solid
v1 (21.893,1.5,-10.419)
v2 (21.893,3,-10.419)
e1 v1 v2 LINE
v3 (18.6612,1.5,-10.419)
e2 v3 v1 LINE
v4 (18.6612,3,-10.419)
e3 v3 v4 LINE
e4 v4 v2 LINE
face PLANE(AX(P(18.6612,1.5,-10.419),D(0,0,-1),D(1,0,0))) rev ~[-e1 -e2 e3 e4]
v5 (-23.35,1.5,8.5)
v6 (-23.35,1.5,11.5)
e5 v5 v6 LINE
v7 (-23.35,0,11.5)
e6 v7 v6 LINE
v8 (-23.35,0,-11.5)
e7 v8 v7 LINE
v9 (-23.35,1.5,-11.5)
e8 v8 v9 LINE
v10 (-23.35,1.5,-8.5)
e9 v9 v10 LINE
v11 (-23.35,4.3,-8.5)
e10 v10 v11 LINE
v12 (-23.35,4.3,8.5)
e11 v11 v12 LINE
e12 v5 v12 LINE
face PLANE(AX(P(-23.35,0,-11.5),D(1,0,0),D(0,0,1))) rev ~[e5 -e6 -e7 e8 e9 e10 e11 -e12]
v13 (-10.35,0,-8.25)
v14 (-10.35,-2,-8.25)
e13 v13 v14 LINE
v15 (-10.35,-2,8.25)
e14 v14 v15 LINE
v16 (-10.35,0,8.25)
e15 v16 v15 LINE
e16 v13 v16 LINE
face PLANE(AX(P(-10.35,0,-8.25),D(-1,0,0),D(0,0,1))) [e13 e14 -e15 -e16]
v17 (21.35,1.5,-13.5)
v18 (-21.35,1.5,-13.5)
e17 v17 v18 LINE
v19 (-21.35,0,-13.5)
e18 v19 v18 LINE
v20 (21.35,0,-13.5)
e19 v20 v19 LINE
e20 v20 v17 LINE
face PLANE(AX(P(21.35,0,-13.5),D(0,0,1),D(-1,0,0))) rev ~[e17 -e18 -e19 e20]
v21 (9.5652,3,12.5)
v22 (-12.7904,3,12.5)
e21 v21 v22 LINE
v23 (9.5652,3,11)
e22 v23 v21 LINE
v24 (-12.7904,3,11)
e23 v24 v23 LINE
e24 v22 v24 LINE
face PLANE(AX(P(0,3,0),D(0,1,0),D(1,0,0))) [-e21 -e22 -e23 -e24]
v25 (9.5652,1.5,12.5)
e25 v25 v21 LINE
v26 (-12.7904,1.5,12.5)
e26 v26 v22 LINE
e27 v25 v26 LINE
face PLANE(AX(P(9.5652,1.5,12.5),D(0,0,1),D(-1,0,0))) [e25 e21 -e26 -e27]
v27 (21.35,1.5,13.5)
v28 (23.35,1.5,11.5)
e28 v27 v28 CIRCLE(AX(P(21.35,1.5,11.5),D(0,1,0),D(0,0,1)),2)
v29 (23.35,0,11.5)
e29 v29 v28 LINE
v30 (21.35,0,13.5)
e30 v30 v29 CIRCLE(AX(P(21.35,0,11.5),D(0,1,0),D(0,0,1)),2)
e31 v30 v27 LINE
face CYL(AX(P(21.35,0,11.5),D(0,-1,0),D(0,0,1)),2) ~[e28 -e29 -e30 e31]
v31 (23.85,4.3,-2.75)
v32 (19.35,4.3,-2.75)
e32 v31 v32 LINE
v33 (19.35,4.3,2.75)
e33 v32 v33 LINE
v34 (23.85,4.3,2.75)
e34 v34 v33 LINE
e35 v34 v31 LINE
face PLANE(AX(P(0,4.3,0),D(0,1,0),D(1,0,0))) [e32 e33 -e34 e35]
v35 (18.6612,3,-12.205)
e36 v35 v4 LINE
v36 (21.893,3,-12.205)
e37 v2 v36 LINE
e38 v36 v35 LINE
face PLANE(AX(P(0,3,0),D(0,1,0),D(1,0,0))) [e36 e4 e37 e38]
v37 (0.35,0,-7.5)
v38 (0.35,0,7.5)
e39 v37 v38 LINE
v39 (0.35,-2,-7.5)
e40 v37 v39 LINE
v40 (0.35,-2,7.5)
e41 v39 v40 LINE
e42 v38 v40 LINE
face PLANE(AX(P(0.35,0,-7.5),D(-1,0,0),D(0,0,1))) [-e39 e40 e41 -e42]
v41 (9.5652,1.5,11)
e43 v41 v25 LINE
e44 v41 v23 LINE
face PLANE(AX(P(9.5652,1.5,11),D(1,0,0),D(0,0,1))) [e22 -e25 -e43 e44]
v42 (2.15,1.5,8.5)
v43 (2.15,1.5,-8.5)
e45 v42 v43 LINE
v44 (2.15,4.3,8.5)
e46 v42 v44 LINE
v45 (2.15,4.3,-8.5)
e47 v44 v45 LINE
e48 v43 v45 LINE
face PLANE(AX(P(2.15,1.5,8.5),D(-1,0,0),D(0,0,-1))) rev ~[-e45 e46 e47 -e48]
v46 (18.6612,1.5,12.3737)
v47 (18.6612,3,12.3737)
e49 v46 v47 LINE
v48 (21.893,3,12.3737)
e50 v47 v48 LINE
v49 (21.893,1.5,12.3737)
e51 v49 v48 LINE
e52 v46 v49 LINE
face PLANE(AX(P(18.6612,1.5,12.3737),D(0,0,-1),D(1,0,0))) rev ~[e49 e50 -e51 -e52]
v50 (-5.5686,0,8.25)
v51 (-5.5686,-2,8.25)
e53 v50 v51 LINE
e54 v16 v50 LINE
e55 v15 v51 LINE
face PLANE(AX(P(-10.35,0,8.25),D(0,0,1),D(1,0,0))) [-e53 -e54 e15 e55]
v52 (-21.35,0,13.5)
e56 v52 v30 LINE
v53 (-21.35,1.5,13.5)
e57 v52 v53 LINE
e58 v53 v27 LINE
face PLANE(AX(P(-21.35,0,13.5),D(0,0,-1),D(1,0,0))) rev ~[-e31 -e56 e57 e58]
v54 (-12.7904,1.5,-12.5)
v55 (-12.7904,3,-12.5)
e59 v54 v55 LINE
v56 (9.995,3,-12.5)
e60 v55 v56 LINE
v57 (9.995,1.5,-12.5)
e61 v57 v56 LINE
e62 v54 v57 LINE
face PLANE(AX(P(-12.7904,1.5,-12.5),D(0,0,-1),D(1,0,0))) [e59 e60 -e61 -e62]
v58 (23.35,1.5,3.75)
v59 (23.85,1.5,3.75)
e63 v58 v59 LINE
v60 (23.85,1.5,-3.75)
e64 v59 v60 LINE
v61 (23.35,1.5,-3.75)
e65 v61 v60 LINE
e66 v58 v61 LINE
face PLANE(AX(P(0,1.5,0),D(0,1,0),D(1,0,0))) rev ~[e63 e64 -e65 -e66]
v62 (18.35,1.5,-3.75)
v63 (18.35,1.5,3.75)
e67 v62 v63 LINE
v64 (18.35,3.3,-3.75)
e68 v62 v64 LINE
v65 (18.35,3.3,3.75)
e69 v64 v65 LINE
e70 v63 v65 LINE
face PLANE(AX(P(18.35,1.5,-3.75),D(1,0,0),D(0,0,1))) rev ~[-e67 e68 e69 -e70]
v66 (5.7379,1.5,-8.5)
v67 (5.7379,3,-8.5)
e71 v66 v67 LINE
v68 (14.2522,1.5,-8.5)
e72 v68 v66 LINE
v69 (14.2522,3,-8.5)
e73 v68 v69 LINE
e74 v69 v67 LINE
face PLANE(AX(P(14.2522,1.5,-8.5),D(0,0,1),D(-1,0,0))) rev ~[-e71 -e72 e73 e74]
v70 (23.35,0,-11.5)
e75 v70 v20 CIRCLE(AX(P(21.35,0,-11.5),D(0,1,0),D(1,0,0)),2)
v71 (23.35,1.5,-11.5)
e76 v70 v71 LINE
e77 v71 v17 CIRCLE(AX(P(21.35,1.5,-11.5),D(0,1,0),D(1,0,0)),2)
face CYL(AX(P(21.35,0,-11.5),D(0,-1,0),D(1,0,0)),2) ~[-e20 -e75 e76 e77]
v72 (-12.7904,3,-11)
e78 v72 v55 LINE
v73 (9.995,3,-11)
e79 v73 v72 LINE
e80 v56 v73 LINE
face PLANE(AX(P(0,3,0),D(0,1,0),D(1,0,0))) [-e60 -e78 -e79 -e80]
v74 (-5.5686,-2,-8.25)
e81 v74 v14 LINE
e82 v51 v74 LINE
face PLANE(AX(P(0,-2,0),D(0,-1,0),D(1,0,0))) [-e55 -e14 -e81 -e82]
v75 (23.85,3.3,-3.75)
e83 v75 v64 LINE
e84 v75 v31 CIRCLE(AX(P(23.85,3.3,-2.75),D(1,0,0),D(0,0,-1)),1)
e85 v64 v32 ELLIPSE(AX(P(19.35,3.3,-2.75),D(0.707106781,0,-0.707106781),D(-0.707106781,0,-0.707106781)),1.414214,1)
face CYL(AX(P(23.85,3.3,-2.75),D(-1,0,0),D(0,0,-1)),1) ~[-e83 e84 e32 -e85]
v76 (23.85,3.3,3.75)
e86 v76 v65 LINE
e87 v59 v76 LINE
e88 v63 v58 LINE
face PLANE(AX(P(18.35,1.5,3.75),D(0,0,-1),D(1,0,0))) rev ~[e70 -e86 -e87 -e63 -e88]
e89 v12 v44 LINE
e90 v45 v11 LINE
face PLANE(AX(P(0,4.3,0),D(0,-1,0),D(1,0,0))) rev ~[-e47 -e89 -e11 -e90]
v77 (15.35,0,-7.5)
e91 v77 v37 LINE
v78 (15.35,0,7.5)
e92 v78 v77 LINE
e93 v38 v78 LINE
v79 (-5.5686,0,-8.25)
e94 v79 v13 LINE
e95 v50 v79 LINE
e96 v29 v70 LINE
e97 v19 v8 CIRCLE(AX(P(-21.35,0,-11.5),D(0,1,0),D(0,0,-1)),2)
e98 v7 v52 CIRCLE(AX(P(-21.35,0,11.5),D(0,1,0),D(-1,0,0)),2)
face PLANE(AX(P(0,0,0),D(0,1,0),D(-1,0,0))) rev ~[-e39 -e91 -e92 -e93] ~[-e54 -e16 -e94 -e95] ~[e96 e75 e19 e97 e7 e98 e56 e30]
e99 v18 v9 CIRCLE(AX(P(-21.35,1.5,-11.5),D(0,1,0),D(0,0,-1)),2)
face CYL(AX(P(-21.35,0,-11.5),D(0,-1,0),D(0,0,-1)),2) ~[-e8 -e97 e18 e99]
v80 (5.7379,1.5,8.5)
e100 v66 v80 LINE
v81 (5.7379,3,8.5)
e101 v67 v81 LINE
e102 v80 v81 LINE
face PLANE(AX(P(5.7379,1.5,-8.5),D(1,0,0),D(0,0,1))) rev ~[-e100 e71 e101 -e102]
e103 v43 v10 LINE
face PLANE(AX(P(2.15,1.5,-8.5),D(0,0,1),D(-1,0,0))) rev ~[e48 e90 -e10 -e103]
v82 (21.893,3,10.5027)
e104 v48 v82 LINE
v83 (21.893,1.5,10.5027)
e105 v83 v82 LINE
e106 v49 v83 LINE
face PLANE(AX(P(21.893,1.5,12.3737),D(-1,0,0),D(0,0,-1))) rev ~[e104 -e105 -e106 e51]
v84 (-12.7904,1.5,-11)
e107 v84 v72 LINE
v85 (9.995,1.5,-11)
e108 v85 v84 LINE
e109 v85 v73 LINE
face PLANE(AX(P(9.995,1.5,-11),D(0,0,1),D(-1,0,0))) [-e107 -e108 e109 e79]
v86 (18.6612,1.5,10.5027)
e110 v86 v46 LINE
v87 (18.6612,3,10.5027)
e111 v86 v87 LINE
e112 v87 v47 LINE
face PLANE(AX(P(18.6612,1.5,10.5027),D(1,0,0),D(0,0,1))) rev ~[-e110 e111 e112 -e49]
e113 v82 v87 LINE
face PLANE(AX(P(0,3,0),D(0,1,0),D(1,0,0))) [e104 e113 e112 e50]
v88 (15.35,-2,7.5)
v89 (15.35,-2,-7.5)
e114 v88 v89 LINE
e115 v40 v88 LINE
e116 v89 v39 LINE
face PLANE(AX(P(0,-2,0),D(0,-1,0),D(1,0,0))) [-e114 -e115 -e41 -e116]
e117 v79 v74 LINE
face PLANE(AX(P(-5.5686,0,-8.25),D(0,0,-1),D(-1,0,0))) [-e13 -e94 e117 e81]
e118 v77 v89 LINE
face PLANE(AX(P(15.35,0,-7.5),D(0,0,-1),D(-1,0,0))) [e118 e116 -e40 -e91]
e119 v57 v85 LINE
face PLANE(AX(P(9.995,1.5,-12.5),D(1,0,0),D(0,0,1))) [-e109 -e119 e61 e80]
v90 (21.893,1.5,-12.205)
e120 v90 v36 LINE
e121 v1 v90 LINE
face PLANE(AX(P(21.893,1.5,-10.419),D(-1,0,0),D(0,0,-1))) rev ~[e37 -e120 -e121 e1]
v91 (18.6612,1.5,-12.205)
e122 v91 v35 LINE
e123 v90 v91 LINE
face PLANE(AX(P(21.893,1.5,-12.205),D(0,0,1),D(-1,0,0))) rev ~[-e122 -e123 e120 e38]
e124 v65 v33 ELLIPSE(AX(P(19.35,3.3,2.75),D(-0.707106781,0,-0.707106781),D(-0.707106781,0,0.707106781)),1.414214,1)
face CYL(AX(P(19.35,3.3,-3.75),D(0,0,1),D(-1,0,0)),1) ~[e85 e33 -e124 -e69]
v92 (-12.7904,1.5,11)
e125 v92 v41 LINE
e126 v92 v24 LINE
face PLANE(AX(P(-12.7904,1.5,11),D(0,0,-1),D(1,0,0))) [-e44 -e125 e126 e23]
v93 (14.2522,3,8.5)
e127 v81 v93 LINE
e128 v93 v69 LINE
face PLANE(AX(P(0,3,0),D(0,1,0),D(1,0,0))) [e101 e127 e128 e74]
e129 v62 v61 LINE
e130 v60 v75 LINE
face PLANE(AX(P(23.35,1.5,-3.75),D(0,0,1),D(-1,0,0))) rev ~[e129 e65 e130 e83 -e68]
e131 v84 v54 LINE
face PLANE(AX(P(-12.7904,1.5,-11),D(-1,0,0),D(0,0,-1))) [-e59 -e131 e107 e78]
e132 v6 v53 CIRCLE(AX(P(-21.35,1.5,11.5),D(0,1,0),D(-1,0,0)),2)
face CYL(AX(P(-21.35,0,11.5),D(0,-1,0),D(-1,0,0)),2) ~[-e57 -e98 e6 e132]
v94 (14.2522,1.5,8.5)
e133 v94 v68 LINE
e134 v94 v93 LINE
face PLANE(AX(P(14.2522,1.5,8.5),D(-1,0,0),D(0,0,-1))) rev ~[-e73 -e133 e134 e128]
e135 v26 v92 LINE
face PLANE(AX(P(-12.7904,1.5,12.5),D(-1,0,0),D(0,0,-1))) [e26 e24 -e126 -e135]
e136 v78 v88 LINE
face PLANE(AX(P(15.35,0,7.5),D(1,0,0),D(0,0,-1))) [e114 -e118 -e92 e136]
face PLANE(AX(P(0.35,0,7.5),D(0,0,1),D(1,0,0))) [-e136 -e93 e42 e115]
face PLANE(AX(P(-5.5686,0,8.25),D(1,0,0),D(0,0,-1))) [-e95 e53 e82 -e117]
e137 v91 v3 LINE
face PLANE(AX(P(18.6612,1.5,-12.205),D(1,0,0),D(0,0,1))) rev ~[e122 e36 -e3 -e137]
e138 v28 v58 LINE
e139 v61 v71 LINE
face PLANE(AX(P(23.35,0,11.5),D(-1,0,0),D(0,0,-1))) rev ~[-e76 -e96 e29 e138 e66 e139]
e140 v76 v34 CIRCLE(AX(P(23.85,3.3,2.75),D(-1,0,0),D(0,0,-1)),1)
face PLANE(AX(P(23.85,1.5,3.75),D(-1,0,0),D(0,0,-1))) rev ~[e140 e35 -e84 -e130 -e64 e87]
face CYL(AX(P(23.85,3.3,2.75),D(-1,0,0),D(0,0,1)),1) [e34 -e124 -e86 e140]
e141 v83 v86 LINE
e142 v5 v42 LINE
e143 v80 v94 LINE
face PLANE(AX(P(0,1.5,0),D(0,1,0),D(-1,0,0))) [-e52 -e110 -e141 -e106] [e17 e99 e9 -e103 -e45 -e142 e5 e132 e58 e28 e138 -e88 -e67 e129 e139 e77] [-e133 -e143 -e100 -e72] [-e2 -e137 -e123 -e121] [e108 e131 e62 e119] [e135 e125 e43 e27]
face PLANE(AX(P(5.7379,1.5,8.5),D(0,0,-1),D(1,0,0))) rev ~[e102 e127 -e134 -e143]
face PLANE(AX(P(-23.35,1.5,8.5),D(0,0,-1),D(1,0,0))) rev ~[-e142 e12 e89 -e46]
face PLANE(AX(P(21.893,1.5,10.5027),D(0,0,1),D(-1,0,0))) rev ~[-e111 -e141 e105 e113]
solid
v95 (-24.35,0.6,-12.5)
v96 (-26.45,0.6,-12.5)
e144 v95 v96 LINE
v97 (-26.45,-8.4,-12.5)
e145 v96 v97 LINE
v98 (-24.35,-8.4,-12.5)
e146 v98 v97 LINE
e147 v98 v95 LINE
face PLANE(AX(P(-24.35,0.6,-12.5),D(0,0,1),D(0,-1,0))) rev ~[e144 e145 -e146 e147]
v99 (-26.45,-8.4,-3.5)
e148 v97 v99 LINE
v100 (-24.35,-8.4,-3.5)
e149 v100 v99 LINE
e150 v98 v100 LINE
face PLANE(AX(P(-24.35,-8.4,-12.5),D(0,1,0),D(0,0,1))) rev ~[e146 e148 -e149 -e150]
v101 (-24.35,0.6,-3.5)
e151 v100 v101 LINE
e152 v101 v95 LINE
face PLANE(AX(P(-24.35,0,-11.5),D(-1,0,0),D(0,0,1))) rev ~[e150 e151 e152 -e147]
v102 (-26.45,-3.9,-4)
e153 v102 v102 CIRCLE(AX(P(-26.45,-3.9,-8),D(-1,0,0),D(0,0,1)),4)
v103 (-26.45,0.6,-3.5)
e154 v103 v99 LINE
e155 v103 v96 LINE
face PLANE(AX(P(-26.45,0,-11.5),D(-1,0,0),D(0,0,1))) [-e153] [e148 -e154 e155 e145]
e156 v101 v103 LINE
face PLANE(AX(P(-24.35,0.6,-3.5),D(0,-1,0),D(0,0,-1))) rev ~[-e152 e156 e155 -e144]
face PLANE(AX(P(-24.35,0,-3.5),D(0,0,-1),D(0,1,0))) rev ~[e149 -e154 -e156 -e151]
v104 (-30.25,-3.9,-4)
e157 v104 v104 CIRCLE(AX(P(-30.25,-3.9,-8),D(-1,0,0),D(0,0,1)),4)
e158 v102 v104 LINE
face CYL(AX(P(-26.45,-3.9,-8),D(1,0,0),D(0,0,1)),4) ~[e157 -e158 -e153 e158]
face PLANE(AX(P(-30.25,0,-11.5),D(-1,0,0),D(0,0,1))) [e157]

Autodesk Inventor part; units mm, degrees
ref_plane "YZ Plane" through (0, 0, 0) normal (1, 0, 0) x (0, 1, 0)
ref_plane "XZ Plane" through (0, 0, 0) normal (0, 1, 0) x (-1, 0, 0)
ref_plane "XY Plane" through (0, 0, 0) normal (0, 0, 1) x (1, 0, 0)
sketch "Skizze1" plane through (0, 0, 0) normal (0, 1, 0) x (-1, 0, 0)
  line L0 (-21.35, -13.5) -> (21.35, -13.5)
  line L1 (23.35, -11.5) -> (23.35, 11.5)
  line L2 (21.35, 13.5) -> (-21.35, 13.5)
  line L3 (-23.35, 11.5) -> (-23.35, -11.5)
  line L4 (-23.35, -13.5) -> (23.35, 13.5) construction
  line L5 (23.35, -13.5) -> (-23.35, 13.5) construction
  arc A0 (23.35, 11.5) -> (21.35, 13.5) centre (21.35, 11.5) ccw
  arc A1 (21.35, -13.5) -> (23.35, -11.5) centre (21.35, -11.5) ccw
  arc A2 (-23.35, -11.5) -> (-21.35, -13.5) centre (-21.35, -11.5) ccw
  arc A3 (-21.35, 13.5) -> (-23.35, 11.5) centre (-21.35, 11.5) ccw
  point P0 (0, 0)
  dimension "d0" = 46.7
  dimension "d1" = 27
  dimension "d2" = 2
extrude "Extrusion1" add sketch "Skizze1" along normal blind 1.5
sketch "Skizze2" plane through (0, 1.5, 0) normal (0, 1, 0) x (1, 0, 0)
  line L0 (-21.35, -13.5) -> (21.35, -13.5) projected
  arc A0 (21.35, -13.5) -> (23.35, -11.5) centre (21.35, -11.5) ccw projected
  line L1 (23.35, -11.5) -> (23.35, 11.5) projected
  arc A1 (23.35, 11.5) -> (21.35, 13.5) centre (21.35, 11.5) ccw projected
  line L2 (21.35, 13.5) -> (-21.35, 13.5) projected
  arc A2 (-21.35, 13.5) -> (-23.35, 11.5) centre (-21.35, 11.5) ccw projected
  line L3 (-23.35, 11.5) -> (-23.35, -11.5) projected
  arc A3 (-23.35, -11.5) -> (-21.35, -13.5) centre (-21.35, -11.5) ccw projected
  line L4 (18.35, -3.75) -> (23.85, -3.75)
  line L5 (23.85, -3.75) -> (23.85, 3.75)
  line L6 (23.85, 3.75) -> (18.35, 3.75)
  line L7 (18.35, 3.75) -> (18.35, -3.75)
  line L8 (18.35, -3.75) -> (23.85, 3.75) construction
  line L9 (23.85, -3.75) -> (18.35, 3.75) construction
  point P0 (0, 0)
  point P1 (21.1, 0)
  dimension "d5" = 5.5
  dimension "d6" = 7.5
  dimension "d7" = 0.5
extrude "Extrusion2" add sketch "Skizze2" along normal blind 2.8 contours L4 L7 L6 L1 | L1 L6 L5 L4
fillet "Rundung1" radius 1 3 edges at (21.1, 4.3, 3.75) (21.1, 4.3, -3.75) (18.35, 4.3, 0)
sketch "Skizze3" plane through (0, 1.5, 0) normal (0, -1, 0) x (1, 0, 0)
  line L0 (-21.35, 13.5) -> (21.35, 13.5) projected
  arc A0 (-21.35, 13.5) -> (-23.35, 11.5) centre (-21.35, 11.5) ccw projected
  line L1 (-23.35, -11.5) -> (-23.35, 11.5) projected
  arc A1 (-23.35, -11.5) -> (-21.35, -13.5) centre (-21.35, -11.5) ccw projected
  line L2 (21.35, -13.5) -> (-21.35, -13.5) projected
  arc A2 (21.35, -13.5) -> (23.35, -11.5) centre (21.35, -11.5) ccw projected
  line L3 (23.35, 11.5) -> (23.35, -11.5) projected
  arc A3 (23.35, 11.5) -> (21.35, 13.5) centre (21.35, 11.5) ccw projected
  line L4 (2.15, -8.5) -> (-23.35, -8.5)
  line L5 (-23.35, -8.5) -> (-23.35, 8.5)
  line L6 (-23.35, 8.5) -> (2.15, 8.5)
  line L7 (2.15, 8.5) -> (2.15, -8.5)
  line L8 (2.15, -8.5) -> (-23.35, 8.5) construction
  line L9 (-23.35, -8.5) -> (2.15, 8.5) construction
  point P0 (0, 0)
  point P1 (-10.6, 0)
  point P2 (-23.35, 0)
  dimension "d11" = 25.5
  dimension "d12" = 17
extrude "Extrusion3" add sketch "Skizze3" against normal blind 2.8 contours L6 L7 L4 L1
sketch "Skizze5" plane through (0, 0, 0) normal (0, -1, 0) x (1, 0, 0)
  line L0 (-21.35, 13.5) -> (21.35, 13.5) projected
  arc A0 (-21.35, 13.5) -> (-23.35, 11.5) centre (-21.35, 11.5) ccw projected
  line L1 (-23.35, -11.5) -> (-23.35, 11.5) projected
  arc A1 (-23.35, -11.5) -> (-21.35, -13.5) centre (-21.35, -11.5) ccw projected
  line L2 (21.35, -13.5) -> (-21.35, -13.5) projected
  arc A2 (21.35, -13.5) -> (23.35, -11.5) centre (21.35, -11.5) ccw projected
  line L3 (23.35, 11.5) -> (23.35, -11.5) projected
  arc A3 (23.35, 11.5) -> (21.35, 13.5) centre (21.35, 11.5) ccw projected
  line L4 (-5.5686, -8.25) -> (-10.35, -8.25)
  line L5 (-10.35, -8.25) -> (-10.35, 8.25)
  line L6 (-10.35, 8.25) -> (-5.5686, 8.25)
  line L7 (-5.5686, 8.25) -> (-5.5686, -8.25)
  line L8 (-5.5686, -8.25) -> (-10.35, 8.25) construction
  line L9 (-10.35, -8.25) -> (-5.5686, 8.25) construction
  line L10 (15.35, -7.5) -> (0.35, -7.5)
  line L11 (0.35, -7.5) -> (0.35, 7.5)
  line L12 (0.35, 7.5) -> (15.35, 7.5)
  line L13 (15.35, 7.5) -> (15.35, -7.5)
  line L14 (15.35, -7.5) -> (0.35, 7.5) construction
  line L15 (0.35, -7.5) -> (15.35, 7.5) construction
  point P0 (0, 0)
  point P1 (-7.9593, 0)
  point P2 (7.85, 0)
  dimension "d23" = 15
  dimension "d24" = 15
  dimension "d25" = 13
  dimension "d26" = 16.5
  dimension "d27" = 8
extrude "Extrusion5" add sketch "Skizze5" along normal blind 2 contours L4 L5 L6 L7 | L10 L11 L12 L13
ref_plane "Arbeitsebene1" through (-24.35, 0, -11.5) normal (-1, 0, 0) x (0, 0, 1)
sketch "Skizze8" plane through (-24.35, 0, -11.5) normal (-1, 0, 0) x (0, 0, 1)
  line L0 (8, 0.6) -> (-1, 0.6)
  line L1 (-1, 0.6) -> (-1, -8.4)
  line L2 (-1, -8.4) -> (8, -8.4)
  line L3 (8, -8.4) -> (8, 0.6)
  line L4 (8, 0.6) -> (-1, -8.4) construction
  line L5 (-1, 0.6) -> (8, -8.4) construction
  line L6 (0, 0) -> (23, 0) projected
  line L7 (3, 4.3) -> (20, 4.3) projected
  line L8 (19.75, -2) -> (3.25, -2) projected
  line L9 (0, 0) -> (-2, 0) projected
  line L10 (-2, 0) -> (-2, 1.5) projected
  point P0 (11.5, 0)
  point P1 (3.5, -3.9)
  dimension "d40" = 9
  dimension "d41" = 9
  dimension "d54" = 1
  dimension "d62" = 0.6
extrude "Extrusion8" add sketch "Skizze8" along normal blind 2.1
sketch "Skizze9" plane through (-26.45, 0, -11.5) normal (-1, 0, 0) x (0, 0, 1)
  line L0 (8, 0.6) -> (-1, 0.6) projected
  line L1 (-1, 0.6) -> (-1, -8.4) projected
  line L2 (-1, -8.4) -> (8, -8.4) projected
  line L3 (8, -8.4) -> (8, 0.6) projected
  circle A0 centre (3.5, -3.9) radius 4
  point P0 (11.5, 0)
  dimension "d45" = 8
  dimension "d49" = 4.5
  dimension "d50" = 4.5
extrude "Extrusion9" add sketch "Skizze9" along normal blind 3.8 contours A0
sketch "Skizze10" plane through (0, 1.5, 0) normal (0, 1, 0) x (1, 0, 0)
  line L0 (2.15, -8.5) -> (-23.35, -8.5) projected
  line L1 (-23.35, -8.5) -> (-23.35, -11.5) projected
  arc A0 (-23.35, -11.5) -> (-21.35, -13.5) centre (-21.35, -11.5) ccw projected
  line L2 (-21.35, -13.5) -> (21.35, -13.5) projected
  arc A1 (21.35, -13.5) -> (23.35, -11.5) centre (21.35, -11.5) ccw projected
  line L3 (23.35, -11.5) -> (23.35, -3.75) projected
  line L4 (23.35, -3.75) -> (18.35, -3.75) projected
  line L5 (18.35, -3.75) -> (18.35, 3.75) projected
  line L6 (18.35, 3.75) -> (23.35, 3.75) projected
  line L7 (23.35, 3.75) -> (23.35, 11.5) projected
  arc A2 (23.35, 11.5) -> (21.35, 13.5) centre (21.35, 11.5) ccw projected
  line L8 (21.35, 13.5) -> (-21.35, 13.5) projected
  arc A3 (-21.35, 13.5) -> (-23.35, 11.5) centre (-21.35, 11.5) ccw projected
  line L9 (-23.35, 11.5) -> (-23.35, 8.5) projected
  line L10 (-23.35, 8.5) -> (2.15, 8.5) projected
  line L11 (2.15, 8.5) -> (2.15, -8.5) projected
  line L12 (21.893, 12.205) -> (18.6612, 12.205)
  line L13 (18.6612, 12.205) -> (18.6612, 10.419)
  line L14 (18.6612, 10.419) -> (21.893, 10.419)
  line L15 (21.893, 10.419) -> (21.893, 12.205)
  line L16 (21.893, -10.5027) -> (18.6612, -10.5027)
  line L17 (18.6612, -10.5027) -> (18.6612, -12.3737)
  line L18 (18.6612, -12.3737) -> (21.893, -12.3737)
  line L19 (21.893, -12.3737) -> (21.893, -10.5027)
  line L20 (14.2522, 8.5) -> (5.7379, 8.5)
  line L21 (5.7379, 8.5) -> (5.7379, -8.5)
  line L22 (5.7379, -8.5) -> (14.2522, -8.5)
  line L23 (14.2522, -8.5) -> (14.2522, 8.5)
  line L24 (9.5652, -12.5) -> (-12.7904, -12.5)
  line L25 (-12.7904, -12.5) -> (-12.7904, -11)
  line L26 (-12.7904, -11) -> (9.5652, -11)
  line L27 (9.5652, -11) -> (9.5652, -12.5)
  line L28 (9.995, 11) -> (-12.7904, 11)
  line L29 (-12.7904, 11) -> (-12.7904, 12.5)
  line L30 (-12.7904, 12.5) -> (9.995, 12.5)
  line L31 (9.995, 12.5) -> (9.995, 11)
  point P0 (0, 0)
  dimension "d58" = 1
  dimension "d59" = 1
  dimension "d60" = 1.5
  dimension "d61" = 1.5
extrude "Extrusion10" add sketch "Skizze10" along normal blind 1.5 contours L15 L14 L13 L12 | L19 L18 L17 L16 | L23 L22 L21 L20 | L24 L25 L26 L27 | L28 L29 L30 L31
properties part number "00_ESP32_Board"
